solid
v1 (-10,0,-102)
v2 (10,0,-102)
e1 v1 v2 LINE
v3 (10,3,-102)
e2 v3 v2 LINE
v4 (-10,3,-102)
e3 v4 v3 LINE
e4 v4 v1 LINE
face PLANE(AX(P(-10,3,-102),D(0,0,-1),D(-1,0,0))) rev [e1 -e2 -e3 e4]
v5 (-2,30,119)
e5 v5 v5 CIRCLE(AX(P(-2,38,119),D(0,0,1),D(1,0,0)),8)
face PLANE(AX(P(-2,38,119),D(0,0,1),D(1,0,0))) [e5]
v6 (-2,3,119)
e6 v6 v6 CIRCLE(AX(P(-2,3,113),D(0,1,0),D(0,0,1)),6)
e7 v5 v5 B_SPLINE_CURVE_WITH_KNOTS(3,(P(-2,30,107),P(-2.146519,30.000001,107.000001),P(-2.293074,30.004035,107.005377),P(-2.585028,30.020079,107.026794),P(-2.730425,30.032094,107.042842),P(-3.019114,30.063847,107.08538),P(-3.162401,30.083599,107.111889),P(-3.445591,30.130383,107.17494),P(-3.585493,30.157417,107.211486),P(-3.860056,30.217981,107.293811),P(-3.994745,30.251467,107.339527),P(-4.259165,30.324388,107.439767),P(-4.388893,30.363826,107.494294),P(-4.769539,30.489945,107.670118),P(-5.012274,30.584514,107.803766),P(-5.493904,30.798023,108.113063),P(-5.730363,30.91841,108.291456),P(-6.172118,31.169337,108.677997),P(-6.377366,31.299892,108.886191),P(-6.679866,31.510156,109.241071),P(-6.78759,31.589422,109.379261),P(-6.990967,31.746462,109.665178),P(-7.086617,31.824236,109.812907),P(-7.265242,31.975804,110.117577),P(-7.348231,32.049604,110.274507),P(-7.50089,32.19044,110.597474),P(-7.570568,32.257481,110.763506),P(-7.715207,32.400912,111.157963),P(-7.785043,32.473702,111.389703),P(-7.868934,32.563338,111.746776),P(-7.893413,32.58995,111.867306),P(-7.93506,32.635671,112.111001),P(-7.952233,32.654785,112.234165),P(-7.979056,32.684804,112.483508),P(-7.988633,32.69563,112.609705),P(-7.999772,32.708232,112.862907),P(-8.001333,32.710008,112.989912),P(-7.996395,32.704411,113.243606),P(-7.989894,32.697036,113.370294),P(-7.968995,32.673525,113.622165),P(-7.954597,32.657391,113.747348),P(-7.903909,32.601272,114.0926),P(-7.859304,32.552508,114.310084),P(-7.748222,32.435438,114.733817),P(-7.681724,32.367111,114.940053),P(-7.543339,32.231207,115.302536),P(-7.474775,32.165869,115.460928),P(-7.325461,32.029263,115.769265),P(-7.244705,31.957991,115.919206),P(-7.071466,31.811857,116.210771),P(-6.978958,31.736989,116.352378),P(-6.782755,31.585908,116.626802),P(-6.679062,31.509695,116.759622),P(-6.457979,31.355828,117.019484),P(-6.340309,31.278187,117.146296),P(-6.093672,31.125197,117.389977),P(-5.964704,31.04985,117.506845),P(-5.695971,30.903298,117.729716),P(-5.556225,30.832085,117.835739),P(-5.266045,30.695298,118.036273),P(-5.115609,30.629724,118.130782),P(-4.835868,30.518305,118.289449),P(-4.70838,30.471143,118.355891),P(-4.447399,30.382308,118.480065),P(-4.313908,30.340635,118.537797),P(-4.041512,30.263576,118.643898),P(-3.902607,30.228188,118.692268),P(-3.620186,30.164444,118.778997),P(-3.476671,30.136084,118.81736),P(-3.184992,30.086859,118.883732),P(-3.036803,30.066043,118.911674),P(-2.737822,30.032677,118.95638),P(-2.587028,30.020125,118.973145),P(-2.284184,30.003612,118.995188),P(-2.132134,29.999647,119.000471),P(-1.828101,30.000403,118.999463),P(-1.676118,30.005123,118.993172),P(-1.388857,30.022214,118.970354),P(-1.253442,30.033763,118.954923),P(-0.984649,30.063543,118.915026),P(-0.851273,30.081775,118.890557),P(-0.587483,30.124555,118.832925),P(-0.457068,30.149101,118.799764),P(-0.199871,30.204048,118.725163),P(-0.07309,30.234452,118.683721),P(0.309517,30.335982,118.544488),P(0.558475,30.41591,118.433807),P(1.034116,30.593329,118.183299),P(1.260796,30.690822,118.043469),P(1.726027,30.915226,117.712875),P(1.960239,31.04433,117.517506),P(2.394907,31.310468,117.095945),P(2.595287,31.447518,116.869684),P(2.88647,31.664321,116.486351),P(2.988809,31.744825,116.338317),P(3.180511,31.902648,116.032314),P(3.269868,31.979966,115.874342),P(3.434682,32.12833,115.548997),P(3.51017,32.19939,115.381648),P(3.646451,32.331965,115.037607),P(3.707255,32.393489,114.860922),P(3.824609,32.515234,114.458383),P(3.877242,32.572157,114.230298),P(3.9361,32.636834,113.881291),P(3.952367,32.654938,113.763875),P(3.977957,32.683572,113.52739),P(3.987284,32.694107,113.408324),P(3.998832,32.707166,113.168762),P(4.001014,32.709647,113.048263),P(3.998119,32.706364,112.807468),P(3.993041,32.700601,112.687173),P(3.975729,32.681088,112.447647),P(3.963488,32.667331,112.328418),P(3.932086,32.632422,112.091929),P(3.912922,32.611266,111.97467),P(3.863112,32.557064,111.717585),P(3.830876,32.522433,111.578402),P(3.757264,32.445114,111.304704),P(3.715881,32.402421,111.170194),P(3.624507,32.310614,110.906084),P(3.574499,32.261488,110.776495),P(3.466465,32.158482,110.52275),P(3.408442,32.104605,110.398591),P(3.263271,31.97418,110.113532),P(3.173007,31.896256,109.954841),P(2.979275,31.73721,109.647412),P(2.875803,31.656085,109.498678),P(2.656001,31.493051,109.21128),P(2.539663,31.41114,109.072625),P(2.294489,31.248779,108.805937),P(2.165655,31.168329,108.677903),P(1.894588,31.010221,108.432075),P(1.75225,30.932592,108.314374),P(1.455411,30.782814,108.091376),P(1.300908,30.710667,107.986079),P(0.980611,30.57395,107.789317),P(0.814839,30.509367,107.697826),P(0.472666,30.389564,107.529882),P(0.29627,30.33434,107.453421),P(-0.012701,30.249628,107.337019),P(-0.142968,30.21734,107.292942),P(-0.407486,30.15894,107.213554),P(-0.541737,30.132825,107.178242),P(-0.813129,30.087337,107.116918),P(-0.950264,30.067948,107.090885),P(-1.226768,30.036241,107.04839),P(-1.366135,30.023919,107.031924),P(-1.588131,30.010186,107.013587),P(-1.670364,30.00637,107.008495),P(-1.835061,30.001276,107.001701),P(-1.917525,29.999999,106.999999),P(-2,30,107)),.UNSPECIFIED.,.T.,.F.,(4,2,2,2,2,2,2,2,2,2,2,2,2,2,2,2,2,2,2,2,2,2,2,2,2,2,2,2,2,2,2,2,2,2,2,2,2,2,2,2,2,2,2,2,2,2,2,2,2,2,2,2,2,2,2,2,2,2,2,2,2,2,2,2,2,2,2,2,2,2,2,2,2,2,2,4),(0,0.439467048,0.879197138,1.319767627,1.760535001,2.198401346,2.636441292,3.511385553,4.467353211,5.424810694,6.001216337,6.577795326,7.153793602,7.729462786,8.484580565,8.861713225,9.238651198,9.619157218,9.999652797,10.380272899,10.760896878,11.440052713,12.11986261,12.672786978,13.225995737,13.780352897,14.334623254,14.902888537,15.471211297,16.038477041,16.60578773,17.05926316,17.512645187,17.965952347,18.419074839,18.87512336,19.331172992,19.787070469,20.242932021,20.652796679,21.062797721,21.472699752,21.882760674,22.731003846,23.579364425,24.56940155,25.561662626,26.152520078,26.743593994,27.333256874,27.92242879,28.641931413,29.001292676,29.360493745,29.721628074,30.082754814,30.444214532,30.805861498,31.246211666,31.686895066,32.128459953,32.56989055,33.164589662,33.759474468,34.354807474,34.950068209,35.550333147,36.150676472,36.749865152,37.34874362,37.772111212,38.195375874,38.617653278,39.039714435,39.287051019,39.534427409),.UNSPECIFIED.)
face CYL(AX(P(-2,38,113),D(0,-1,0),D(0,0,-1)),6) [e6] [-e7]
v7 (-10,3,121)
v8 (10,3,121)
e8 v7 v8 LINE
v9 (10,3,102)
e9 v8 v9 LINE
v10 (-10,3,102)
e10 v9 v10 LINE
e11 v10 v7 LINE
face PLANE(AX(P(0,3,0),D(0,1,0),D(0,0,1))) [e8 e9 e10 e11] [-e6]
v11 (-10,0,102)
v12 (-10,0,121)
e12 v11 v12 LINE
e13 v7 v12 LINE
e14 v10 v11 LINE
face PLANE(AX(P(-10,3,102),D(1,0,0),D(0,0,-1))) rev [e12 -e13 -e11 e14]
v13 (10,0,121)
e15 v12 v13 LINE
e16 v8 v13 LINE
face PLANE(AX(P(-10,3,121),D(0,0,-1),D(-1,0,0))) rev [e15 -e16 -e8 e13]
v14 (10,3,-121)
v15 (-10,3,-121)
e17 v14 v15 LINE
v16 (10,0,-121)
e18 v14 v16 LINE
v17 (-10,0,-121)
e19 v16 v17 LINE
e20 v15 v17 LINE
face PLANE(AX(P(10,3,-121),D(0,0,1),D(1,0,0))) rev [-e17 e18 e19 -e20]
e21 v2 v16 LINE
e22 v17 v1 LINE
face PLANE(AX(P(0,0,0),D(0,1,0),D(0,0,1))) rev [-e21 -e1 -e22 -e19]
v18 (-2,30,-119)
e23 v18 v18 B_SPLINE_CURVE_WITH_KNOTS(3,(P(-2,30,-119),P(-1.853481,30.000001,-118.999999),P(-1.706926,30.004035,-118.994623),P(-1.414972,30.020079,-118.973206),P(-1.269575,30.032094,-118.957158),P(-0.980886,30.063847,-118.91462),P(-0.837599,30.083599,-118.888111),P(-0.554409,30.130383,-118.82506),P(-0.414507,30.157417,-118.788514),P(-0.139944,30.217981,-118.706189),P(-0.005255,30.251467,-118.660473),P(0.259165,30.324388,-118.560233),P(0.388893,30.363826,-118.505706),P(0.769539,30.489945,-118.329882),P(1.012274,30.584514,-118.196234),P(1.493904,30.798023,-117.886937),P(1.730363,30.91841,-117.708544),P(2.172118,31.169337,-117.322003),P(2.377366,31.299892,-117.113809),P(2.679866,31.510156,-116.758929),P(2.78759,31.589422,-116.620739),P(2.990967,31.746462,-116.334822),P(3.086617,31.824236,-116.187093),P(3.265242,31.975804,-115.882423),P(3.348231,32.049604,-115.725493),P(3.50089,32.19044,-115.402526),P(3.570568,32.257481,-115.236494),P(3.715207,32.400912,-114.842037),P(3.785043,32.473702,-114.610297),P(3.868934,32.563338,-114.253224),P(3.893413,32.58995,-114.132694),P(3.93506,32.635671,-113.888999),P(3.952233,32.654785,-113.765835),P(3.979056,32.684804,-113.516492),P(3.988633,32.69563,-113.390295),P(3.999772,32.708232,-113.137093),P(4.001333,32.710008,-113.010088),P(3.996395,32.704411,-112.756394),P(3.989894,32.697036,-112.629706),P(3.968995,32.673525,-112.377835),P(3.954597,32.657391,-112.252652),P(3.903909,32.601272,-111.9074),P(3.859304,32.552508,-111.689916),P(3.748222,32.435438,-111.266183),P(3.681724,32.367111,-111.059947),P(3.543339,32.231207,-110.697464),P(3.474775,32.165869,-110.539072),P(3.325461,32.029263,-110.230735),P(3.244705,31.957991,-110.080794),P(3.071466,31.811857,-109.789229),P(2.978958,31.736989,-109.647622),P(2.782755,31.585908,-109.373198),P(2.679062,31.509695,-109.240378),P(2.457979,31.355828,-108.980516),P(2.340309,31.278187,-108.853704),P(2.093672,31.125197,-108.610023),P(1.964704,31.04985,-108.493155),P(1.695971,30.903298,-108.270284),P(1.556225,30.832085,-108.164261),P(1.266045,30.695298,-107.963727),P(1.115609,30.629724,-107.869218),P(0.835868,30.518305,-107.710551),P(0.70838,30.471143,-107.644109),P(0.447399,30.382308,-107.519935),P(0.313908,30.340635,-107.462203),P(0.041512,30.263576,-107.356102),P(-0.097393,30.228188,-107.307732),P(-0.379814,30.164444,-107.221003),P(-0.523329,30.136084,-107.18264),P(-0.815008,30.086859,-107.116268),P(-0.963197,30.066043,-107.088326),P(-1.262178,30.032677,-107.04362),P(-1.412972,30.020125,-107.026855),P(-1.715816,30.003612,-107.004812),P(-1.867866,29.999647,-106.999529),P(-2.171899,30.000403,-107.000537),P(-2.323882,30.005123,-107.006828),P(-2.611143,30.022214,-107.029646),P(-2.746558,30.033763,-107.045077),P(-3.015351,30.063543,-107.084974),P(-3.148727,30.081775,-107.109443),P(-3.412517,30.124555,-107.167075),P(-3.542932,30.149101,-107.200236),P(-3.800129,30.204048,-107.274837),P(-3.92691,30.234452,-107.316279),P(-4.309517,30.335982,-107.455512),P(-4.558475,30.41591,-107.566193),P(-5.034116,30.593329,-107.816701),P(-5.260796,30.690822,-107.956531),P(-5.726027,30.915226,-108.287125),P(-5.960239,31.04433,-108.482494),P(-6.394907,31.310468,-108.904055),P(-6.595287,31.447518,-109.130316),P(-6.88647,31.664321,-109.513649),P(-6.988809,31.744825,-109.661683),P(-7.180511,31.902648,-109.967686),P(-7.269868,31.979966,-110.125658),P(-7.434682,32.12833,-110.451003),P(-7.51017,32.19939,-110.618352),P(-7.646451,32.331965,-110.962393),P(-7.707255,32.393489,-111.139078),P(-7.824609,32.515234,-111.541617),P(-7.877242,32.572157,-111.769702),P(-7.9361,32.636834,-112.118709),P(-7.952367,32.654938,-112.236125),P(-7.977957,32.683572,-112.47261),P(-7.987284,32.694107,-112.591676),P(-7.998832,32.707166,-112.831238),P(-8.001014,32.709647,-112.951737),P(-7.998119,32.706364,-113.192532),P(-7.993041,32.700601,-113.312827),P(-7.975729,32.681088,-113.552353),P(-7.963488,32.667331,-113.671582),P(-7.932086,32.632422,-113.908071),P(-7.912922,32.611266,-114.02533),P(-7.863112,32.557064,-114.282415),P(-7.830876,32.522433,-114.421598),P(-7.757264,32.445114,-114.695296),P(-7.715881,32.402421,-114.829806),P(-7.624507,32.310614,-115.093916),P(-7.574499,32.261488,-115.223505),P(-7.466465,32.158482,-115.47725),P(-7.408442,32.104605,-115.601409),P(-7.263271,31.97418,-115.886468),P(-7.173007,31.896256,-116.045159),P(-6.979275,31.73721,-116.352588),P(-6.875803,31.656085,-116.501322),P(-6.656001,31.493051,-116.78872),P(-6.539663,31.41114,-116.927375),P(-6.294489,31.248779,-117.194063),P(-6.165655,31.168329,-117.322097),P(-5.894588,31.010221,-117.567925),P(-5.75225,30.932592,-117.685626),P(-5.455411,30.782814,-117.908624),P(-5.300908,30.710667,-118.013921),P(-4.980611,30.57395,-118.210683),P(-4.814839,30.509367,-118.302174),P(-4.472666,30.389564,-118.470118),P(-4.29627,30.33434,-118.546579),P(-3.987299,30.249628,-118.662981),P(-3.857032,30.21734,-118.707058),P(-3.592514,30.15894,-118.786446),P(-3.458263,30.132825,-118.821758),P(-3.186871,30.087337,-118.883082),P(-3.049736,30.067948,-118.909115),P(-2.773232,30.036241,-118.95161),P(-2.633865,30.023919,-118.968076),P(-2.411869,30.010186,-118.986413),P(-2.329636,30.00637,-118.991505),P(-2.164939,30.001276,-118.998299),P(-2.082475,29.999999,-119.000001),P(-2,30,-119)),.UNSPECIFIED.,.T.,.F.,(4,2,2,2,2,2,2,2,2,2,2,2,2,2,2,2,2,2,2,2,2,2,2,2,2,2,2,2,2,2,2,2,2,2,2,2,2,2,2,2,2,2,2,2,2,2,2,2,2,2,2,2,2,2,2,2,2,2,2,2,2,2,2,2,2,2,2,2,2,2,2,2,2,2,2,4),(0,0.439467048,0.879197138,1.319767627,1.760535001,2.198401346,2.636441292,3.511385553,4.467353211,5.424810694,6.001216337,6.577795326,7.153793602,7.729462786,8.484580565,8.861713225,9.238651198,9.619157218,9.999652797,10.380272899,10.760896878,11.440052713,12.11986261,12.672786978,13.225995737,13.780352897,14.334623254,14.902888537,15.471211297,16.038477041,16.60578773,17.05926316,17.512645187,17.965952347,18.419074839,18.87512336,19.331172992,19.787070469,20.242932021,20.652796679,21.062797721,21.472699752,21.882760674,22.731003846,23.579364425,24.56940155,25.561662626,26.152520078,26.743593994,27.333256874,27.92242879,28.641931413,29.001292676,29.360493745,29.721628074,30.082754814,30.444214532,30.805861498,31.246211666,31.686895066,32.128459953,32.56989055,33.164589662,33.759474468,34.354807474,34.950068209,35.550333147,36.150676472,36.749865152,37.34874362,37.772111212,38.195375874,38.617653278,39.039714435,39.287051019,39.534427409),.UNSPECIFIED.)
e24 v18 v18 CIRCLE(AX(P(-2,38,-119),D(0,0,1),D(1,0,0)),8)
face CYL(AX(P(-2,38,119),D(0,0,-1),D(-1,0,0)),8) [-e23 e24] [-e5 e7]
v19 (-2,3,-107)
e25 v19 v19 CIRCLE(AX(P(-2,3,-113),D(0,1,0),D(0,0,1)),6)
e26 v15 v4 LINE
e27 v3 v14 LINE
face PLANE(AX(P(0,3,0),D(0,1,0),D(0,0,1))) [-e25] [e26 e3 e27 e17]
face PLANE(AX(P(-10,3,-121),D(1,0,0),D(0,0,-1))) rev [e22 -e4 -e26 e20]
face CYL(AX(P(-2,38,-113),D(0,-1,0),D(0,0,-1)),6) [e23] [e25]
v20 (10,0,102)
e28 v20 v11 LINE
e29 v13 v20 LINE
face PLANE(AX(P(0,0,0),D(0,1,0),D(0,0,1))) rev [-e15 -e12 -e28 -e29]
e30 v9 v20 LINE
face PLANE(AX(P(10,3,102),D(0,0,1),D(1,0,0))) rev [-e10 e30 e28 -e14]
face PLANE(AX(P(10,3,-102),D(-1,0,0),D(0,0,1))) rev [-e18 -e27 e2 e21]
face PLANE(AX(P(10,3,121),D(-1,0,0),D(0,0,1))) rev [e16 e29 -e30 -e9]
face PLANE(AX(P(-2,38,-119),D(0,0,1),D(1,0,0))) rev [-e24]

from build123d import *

# Parameters (mm, degrees)
SK_P01_FOOT_W  = 20
SK_P01_FOOT_H  = 19
P01_FOOT_DEPTH = 3
SK_P02_FOOT_W  = 20
SK_P02_FOOT_H  = 19
P02_FOOT_DEPTH = 3
P03_LEG_START  = 3
SK_P03_LEG_R   = 6
P03_LEG_DEPTH  = 35
P04_LEG_START  = 3
SK_P04_LEG_R   = 6
P04_LEG_DEPTH  = 35
P05_GRIP_START = -119
SK_P05_GRIP_R  = 8
P05_GRIP_DEPTH = 238


with BuildPart() as part:
    # SK_P01_Foot → P01_Foot (new body)
    with BuildSketch(Plane(origin=(0, 0, 0), x_dir=(1, 0, 0), z_dir=(0, 1, 0))):
        with Locations((0, -111.5)):
            Rectangle(SK_P01_FOOT_W, SK_P01_FOOT_H)
    extrude(amount=P01_FOOT_DEPTH)

    # SK_P03_Leg → P03_Leg (add)
    with BuildSketch(Plane(origin=(0, 0, 0), x_dir=(1, 0, 0), z_dir=(0, 1, 0)).offset(P03_LEG_START)):
        with Locations(Location((-2, -113, 0), (0, 0, 270))):
            Circle(SK_P03_LEG_R)
    extrude(amount=P03_LEG_DEPTH)



with BuildPart() as body_2:
    # SK_P02_Foot → P02_Foot (new body)
    with BuildSketch(Plane(origin=(0, 0, 0), x_dir=(1, 0, 0), z_dir=(0, 1, 0))):
        with Locations((0, 111.5)):
            Rectangle(SK_P02_FOOT_W, SK_P02_FOOT_H)
    extrude(amount=P02_FOOT_DEPTH)

    # SK_P04_Leg → P04_Leg (add)
    with BuildSketch(Plane(origin=(0, 0, 0), x_dir=(1, 0, 0), z_dir=(0, 1, 0)).offset(P04_LEG_START)):
        with Locations(Location((-2, 113, 0), (0, 0, 270))):
            Circle(SK_P04_LEG_R)
    extrude(amount=P04_LEG_DEPTH)


with BuildPart() as part_1:
    add(part.part)

    add(body_2.part)  # P05_Grip merges body 2
    # SK_P05_Grip → P05_Grip (add)
    with BuildSketch(Plane.XY.offset(P05_GRIP_START)):
        with Locations(Location((-2, 38, 0), (0, 0, 270))):
            Circle(SK_P05_GRIP_R)
    extrude(amount=P05_GRIP_DEPTH)


solid = part_1.part
